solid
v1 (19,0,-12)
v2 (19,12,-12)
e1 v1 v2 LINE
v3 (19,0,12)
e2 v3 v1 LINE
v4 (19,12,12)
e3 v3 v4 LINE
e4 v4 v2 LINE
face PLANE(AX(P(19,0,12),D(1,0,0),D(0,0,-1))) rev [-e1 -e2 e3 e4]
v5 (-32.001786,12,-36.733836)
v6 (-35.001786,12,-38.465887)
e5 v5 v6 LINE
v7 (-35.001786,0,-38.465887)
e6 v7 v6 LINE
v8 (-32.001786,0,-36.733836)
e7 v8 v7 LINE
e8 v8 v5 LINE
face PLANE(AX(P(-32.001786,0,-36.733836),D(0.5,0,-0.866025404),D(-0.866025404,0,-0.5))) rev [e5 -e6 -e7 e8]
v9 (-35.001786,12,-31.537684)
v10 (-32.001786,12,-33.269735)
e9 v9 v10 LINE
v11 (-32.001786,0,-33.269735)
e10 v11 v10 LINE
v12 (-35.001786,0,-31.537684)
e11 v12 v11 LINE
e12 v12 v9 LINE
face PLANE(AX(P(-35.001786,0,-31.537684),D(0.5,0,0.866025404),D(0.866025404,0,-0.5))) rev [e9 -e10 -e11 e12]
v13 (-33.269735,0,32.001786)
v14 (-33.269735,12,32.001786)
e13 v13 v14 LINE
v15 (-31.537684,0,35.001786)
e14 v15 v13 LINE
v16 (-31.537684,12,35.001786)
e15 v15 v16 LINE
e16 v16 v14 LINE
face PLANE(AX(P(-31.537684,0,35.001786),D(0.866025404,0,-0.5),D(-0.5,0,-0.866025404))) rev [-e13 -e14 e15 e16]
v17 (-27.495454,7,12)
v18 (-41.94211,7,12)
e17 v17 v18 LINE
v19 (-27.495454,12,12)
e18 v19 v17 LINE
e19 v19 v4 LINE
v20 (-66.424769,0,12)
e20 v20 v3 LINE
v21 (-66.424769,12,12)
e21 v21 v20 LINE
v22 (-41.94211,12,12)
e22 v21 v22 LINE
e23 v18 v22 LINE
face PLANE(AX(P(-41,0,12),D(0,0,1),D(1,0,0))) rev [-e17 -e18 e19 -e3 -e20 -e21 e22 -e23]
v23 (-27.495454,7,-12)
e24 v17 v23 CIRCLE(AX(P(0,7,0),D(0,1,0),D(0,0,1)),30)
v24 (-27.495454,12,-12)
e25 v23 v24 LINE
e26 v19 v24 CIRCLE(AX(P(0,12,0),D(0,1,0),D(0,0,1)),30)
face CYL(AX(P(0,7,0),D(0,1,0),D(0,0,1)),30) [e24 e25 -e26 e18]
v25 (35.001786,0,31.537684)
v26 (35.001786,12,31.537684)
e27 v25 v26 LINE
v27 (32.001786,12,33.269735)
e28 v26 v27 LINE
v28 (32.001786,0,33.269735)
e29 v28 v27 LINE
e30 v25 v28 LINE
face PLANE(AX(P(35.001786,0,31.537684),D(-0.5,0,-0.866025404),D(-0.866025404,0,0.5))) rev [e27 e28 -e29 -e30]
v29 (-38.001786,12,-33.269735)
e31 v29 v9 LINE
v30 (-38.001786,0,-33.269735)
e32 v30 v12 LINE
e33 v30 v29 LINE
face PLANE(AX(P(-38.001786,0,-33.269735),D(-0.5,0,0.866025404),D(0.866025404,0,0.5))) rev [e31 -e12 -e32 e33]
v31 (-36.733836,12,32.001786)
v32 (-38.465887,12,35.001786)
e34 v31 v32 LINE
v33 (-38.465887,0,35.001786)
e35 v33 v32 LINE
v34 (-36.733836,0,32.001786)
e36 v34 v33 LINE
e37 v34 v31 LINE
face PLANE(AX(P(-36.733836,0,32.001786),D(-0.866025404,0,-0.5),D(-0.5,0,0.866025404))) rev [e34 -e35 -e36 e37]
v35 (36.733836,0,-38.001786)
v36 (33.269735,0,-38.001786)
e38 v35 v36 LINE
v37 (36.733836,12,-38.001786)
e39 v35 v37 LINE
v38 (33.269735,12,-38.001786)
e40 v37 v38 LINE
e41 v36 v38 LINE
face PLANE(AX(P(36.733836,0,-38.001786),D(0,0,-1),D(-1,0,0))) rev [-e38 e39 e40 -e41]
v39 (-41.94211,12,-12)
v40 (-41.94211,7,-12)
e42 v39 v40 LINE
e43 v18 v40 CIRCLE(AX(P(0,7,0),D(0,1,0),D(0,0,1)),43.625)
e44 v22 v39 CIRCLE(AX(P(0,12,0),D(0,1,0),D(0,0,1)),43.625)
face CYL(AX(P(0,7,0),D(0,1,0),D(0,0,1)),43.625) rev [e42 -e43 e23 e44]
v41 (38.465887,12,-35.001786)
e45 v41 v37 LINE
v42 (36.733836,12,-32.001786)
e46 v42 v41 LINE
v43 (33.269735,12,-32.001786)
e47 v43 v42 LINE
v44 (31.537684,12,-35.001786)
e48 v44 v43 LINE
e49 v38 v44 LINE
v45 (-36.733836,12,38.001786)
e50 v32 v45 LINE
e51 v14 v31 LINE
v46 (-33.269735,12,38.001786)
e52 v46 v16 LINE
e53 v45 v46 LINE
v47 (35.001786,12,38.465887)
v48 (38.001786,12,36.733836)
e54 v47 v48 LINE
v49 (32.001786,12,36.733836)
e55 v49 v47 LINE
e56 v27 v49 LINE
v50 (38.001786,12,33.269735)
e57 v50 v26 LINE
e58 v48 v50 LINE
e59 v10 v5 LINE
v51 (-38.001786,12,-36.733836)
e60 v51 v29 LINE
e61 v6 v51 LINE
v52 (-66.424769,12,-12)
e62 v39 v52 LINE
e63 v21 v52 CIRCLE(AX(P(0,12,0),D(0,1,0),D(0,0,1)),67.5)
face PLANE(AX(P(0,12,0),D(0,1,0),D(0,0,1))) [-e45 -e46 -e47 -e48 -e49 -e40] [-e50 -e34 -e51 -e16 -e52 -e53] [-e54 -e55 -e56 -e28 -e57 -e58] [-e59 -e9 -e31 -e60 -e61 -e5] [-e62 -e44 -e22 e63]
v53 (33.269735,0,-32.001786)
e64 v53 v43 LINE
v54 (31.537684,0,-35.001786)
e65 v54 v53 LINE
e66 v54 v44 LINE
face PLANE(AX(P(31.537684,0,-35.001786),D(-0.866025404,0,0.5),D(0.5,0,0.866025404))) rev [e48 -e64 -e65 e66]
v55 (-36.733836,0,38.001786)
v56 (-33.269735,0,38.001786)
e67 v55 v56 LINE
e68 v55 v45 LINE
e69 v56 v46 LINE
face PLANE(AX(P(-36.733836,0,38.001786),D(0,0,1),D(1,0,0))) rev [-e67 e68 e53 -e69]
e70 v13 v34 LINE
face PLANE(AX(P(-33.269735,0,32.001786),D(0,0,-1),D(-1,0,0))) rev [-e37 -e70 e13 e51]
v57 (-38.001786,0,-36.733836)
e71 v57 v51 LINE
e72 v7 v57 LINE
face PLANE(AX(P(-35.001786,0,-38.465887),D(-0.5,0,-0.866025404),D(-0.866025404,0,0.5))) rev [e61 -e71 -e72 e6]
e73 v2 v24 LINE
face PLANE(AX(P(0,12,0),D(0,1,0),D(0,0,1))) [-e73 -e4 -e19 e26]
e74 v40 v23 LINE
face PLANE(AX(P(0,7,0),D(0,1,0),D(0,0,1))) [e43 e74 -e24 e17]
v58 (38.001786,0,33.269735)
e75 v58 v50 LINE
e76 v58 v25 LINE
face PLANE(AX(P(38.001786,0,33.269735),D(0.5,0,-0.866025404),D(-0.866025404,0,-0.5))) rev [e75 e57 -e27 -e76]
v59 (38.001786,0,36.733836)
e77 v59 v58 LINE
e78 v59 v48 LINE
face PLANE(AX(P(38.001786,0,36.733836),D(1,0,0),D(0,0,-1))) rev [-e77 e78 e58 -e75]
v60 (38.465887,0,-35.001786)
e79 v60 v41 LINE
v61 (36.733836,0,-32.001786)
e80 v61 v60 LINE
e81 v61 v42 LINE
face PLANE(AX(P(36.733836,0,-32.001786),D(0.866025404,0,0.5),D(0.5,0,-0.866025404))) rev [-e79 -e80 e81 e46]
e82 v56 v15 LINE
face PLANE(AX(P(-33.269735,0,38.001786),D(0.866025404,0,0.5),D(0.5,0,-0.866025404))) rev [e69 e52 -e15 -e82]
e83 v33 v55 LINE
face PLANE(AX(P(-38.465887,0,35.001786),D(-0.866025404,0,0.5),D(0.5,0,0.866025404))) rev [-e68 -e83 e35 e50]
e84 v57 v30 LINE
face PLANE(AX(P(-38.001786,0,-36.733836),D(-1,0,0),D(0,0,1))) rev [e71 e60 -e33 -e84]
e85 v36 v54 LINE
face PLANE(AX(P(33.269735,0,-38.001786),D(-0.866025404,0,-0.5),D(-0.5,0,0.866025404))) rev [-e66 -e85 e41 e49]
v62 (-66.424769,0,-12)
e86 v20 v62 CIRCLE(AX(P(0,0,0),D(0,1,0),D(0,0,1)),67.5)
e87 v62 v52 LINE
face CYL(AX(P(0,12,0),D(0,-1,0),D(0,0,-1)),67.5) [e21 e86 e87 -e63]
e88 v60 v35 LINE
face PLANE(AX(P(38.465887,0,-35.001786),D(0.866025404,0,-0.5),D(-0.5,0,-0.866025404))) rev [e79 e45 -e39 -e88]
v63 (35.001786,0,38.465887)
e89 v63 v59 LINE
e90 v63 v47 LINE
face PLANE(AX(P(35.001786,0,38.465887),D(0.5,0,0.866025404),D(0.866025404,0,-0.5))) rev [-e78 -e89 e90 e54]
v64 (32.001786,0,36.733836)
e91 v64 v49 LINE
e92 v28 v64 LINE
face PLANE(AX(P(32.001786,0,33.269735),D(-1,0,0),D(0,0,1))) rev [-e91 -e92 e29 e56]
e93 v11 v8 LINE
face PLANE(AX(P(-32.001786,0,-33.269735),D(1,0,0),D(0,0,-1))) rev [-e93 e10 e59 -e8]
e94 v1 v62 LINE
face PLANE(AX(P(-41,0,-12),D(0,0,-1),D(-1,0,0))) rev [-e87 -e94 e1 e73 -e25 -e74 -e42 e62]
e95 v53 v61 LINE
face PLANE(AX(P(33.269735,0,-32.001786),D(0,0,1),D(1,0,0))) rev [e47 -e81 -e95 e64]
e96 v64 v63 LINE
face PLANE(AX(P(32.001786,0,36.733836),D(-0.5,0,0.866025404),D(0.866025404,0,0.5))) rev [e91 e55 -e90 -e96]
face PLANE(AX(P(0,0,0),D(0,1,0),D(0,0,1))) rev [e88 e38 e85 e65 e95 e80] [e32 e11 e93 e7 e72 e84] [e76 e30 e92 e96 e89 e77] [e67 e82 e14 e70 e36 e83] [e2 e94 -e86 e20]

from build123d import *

# Parameters (mm, degrees)
SKETCH_1_R          = 67.5
EXTRUDE_1_DEPTH     = 12
SKETCH_2_W          = 60
SKETCH_2_H          = 24
CUT_EXTRUDE_1_DEPTH = 97.210706265
CUT_EXTRUDE_3_DEPTH = 97.210706265
SKETCH_5_R          = 43.625
SKETCH_5_R_2        = 30
CUT_EXTRUDE_4_DEPTH = 5
SKETCH_6_W          = 75.06754016
SKETCH_6_H          = 24
CUT_EXTRUDE_5_DEPTH = 97.210706265


with BuildPart() as part:
    # 草图1 → 凸台-拉伸1 (new body)
    with BuildSketch(Plane(origin=(0, 0, 0), x_dir=(1, 0, 0), z_dir=(0, 1, 0))):
        with Locations(Location((0, 0, 0), (0, 0, 270))):
            Circle(SKETCH_1_R)
    extrude(amount=EXTRUDE_1_DEPTH)

    # 草图2 → 切除-拉伸1 (cut, through all)
    with BuildSketch(Plane(origin=(0, 12, 0), x_dir=(1, 0, 0), z_dir=(0, 1, 0))):
        with Locations((-11, 0)):
            Rectangle(SKETCH_2_W, SKETCH_2_H)
    extrude(amount=-CUT_EXTRUDE_1_DEPTH, mode=Mode.SUBTRACT)

    # 草图4 → 切除-拉伸3 (cut, through all)
    with BuildSketch(Plane(origin=(0, 12, 0), x_dir=(1, 0, 0), z_dir=(0, 1, 0))):
        Polygon((35.001785669, -38.465887284), (38.001785669, -36.733836476), (38.001785669, -33.269734861), (35.001785669, -31.537684054), (32.001785669, -33.269734861), (32.001785669, -36.733836476), align=None)
        Polygon((38.465887284, 35.001785669), (36.733836476, 38.001785669), (33.269734861, 38.001785669), (31.537684054, 35.001785669), (33.269734861, 32.001785669), (36.733836476, 32.001785669), align=None)
        Polygon((-38.465887284, -35.001785669), (-36.733836476, -38.001785669), (-33.269734861, -38.001785669), (-31.537684054, -35.001785669), (-33.269734861, -32.001785669), (-36.733836476, -32.001785669), align=None)
        Polygon((-35.001785669, 38.465887284), (-38.001785669, 36.733836476), (-38.001785669, 33.269734861), (-35.001785669, 31.537684054), (-32.001785669, 33.269734861), (-32.001785669, 36.733836476), align=None)
    extrude(amount=-CUT_EXTRUDE_3_DEPTH, mode=Mode.SUBTRACT)

    # 草图5 → 切除-拉伸4 (cut)
    with BuildSketch(Plane(origin=(0, 12, 0), x_dir=(1, 0, 0), z_dir=(0, 1, 0))):
        with Locations(Location((0, 0, 0), (0, 0, 270))):
            Circle(SKETCH_5_R)
        Circle(SKETCH_5_R_2, mode=Mode.SUBTRACT)
    extrude(amount=-CUT_EXTRUDE_4_DEPTH, mode=Mode.SUBTRACT)

    # 草图6 → 切除-拉伸5 (cut, through all)
    with BuildSketch(Plane(origin=(0, 12, 0), x_dir=(1, 0, 0), z_dir=(0, 1, 0))):
        with Locations((-78.53377008, 0)):
            Rectangle(SKETCH_6_W, SKETCH_6_H)
    extrude(amount=-CUT_EXTRUDE_5_DEPTH, mode=Mode.SUBTRACT)


solid = part.part
